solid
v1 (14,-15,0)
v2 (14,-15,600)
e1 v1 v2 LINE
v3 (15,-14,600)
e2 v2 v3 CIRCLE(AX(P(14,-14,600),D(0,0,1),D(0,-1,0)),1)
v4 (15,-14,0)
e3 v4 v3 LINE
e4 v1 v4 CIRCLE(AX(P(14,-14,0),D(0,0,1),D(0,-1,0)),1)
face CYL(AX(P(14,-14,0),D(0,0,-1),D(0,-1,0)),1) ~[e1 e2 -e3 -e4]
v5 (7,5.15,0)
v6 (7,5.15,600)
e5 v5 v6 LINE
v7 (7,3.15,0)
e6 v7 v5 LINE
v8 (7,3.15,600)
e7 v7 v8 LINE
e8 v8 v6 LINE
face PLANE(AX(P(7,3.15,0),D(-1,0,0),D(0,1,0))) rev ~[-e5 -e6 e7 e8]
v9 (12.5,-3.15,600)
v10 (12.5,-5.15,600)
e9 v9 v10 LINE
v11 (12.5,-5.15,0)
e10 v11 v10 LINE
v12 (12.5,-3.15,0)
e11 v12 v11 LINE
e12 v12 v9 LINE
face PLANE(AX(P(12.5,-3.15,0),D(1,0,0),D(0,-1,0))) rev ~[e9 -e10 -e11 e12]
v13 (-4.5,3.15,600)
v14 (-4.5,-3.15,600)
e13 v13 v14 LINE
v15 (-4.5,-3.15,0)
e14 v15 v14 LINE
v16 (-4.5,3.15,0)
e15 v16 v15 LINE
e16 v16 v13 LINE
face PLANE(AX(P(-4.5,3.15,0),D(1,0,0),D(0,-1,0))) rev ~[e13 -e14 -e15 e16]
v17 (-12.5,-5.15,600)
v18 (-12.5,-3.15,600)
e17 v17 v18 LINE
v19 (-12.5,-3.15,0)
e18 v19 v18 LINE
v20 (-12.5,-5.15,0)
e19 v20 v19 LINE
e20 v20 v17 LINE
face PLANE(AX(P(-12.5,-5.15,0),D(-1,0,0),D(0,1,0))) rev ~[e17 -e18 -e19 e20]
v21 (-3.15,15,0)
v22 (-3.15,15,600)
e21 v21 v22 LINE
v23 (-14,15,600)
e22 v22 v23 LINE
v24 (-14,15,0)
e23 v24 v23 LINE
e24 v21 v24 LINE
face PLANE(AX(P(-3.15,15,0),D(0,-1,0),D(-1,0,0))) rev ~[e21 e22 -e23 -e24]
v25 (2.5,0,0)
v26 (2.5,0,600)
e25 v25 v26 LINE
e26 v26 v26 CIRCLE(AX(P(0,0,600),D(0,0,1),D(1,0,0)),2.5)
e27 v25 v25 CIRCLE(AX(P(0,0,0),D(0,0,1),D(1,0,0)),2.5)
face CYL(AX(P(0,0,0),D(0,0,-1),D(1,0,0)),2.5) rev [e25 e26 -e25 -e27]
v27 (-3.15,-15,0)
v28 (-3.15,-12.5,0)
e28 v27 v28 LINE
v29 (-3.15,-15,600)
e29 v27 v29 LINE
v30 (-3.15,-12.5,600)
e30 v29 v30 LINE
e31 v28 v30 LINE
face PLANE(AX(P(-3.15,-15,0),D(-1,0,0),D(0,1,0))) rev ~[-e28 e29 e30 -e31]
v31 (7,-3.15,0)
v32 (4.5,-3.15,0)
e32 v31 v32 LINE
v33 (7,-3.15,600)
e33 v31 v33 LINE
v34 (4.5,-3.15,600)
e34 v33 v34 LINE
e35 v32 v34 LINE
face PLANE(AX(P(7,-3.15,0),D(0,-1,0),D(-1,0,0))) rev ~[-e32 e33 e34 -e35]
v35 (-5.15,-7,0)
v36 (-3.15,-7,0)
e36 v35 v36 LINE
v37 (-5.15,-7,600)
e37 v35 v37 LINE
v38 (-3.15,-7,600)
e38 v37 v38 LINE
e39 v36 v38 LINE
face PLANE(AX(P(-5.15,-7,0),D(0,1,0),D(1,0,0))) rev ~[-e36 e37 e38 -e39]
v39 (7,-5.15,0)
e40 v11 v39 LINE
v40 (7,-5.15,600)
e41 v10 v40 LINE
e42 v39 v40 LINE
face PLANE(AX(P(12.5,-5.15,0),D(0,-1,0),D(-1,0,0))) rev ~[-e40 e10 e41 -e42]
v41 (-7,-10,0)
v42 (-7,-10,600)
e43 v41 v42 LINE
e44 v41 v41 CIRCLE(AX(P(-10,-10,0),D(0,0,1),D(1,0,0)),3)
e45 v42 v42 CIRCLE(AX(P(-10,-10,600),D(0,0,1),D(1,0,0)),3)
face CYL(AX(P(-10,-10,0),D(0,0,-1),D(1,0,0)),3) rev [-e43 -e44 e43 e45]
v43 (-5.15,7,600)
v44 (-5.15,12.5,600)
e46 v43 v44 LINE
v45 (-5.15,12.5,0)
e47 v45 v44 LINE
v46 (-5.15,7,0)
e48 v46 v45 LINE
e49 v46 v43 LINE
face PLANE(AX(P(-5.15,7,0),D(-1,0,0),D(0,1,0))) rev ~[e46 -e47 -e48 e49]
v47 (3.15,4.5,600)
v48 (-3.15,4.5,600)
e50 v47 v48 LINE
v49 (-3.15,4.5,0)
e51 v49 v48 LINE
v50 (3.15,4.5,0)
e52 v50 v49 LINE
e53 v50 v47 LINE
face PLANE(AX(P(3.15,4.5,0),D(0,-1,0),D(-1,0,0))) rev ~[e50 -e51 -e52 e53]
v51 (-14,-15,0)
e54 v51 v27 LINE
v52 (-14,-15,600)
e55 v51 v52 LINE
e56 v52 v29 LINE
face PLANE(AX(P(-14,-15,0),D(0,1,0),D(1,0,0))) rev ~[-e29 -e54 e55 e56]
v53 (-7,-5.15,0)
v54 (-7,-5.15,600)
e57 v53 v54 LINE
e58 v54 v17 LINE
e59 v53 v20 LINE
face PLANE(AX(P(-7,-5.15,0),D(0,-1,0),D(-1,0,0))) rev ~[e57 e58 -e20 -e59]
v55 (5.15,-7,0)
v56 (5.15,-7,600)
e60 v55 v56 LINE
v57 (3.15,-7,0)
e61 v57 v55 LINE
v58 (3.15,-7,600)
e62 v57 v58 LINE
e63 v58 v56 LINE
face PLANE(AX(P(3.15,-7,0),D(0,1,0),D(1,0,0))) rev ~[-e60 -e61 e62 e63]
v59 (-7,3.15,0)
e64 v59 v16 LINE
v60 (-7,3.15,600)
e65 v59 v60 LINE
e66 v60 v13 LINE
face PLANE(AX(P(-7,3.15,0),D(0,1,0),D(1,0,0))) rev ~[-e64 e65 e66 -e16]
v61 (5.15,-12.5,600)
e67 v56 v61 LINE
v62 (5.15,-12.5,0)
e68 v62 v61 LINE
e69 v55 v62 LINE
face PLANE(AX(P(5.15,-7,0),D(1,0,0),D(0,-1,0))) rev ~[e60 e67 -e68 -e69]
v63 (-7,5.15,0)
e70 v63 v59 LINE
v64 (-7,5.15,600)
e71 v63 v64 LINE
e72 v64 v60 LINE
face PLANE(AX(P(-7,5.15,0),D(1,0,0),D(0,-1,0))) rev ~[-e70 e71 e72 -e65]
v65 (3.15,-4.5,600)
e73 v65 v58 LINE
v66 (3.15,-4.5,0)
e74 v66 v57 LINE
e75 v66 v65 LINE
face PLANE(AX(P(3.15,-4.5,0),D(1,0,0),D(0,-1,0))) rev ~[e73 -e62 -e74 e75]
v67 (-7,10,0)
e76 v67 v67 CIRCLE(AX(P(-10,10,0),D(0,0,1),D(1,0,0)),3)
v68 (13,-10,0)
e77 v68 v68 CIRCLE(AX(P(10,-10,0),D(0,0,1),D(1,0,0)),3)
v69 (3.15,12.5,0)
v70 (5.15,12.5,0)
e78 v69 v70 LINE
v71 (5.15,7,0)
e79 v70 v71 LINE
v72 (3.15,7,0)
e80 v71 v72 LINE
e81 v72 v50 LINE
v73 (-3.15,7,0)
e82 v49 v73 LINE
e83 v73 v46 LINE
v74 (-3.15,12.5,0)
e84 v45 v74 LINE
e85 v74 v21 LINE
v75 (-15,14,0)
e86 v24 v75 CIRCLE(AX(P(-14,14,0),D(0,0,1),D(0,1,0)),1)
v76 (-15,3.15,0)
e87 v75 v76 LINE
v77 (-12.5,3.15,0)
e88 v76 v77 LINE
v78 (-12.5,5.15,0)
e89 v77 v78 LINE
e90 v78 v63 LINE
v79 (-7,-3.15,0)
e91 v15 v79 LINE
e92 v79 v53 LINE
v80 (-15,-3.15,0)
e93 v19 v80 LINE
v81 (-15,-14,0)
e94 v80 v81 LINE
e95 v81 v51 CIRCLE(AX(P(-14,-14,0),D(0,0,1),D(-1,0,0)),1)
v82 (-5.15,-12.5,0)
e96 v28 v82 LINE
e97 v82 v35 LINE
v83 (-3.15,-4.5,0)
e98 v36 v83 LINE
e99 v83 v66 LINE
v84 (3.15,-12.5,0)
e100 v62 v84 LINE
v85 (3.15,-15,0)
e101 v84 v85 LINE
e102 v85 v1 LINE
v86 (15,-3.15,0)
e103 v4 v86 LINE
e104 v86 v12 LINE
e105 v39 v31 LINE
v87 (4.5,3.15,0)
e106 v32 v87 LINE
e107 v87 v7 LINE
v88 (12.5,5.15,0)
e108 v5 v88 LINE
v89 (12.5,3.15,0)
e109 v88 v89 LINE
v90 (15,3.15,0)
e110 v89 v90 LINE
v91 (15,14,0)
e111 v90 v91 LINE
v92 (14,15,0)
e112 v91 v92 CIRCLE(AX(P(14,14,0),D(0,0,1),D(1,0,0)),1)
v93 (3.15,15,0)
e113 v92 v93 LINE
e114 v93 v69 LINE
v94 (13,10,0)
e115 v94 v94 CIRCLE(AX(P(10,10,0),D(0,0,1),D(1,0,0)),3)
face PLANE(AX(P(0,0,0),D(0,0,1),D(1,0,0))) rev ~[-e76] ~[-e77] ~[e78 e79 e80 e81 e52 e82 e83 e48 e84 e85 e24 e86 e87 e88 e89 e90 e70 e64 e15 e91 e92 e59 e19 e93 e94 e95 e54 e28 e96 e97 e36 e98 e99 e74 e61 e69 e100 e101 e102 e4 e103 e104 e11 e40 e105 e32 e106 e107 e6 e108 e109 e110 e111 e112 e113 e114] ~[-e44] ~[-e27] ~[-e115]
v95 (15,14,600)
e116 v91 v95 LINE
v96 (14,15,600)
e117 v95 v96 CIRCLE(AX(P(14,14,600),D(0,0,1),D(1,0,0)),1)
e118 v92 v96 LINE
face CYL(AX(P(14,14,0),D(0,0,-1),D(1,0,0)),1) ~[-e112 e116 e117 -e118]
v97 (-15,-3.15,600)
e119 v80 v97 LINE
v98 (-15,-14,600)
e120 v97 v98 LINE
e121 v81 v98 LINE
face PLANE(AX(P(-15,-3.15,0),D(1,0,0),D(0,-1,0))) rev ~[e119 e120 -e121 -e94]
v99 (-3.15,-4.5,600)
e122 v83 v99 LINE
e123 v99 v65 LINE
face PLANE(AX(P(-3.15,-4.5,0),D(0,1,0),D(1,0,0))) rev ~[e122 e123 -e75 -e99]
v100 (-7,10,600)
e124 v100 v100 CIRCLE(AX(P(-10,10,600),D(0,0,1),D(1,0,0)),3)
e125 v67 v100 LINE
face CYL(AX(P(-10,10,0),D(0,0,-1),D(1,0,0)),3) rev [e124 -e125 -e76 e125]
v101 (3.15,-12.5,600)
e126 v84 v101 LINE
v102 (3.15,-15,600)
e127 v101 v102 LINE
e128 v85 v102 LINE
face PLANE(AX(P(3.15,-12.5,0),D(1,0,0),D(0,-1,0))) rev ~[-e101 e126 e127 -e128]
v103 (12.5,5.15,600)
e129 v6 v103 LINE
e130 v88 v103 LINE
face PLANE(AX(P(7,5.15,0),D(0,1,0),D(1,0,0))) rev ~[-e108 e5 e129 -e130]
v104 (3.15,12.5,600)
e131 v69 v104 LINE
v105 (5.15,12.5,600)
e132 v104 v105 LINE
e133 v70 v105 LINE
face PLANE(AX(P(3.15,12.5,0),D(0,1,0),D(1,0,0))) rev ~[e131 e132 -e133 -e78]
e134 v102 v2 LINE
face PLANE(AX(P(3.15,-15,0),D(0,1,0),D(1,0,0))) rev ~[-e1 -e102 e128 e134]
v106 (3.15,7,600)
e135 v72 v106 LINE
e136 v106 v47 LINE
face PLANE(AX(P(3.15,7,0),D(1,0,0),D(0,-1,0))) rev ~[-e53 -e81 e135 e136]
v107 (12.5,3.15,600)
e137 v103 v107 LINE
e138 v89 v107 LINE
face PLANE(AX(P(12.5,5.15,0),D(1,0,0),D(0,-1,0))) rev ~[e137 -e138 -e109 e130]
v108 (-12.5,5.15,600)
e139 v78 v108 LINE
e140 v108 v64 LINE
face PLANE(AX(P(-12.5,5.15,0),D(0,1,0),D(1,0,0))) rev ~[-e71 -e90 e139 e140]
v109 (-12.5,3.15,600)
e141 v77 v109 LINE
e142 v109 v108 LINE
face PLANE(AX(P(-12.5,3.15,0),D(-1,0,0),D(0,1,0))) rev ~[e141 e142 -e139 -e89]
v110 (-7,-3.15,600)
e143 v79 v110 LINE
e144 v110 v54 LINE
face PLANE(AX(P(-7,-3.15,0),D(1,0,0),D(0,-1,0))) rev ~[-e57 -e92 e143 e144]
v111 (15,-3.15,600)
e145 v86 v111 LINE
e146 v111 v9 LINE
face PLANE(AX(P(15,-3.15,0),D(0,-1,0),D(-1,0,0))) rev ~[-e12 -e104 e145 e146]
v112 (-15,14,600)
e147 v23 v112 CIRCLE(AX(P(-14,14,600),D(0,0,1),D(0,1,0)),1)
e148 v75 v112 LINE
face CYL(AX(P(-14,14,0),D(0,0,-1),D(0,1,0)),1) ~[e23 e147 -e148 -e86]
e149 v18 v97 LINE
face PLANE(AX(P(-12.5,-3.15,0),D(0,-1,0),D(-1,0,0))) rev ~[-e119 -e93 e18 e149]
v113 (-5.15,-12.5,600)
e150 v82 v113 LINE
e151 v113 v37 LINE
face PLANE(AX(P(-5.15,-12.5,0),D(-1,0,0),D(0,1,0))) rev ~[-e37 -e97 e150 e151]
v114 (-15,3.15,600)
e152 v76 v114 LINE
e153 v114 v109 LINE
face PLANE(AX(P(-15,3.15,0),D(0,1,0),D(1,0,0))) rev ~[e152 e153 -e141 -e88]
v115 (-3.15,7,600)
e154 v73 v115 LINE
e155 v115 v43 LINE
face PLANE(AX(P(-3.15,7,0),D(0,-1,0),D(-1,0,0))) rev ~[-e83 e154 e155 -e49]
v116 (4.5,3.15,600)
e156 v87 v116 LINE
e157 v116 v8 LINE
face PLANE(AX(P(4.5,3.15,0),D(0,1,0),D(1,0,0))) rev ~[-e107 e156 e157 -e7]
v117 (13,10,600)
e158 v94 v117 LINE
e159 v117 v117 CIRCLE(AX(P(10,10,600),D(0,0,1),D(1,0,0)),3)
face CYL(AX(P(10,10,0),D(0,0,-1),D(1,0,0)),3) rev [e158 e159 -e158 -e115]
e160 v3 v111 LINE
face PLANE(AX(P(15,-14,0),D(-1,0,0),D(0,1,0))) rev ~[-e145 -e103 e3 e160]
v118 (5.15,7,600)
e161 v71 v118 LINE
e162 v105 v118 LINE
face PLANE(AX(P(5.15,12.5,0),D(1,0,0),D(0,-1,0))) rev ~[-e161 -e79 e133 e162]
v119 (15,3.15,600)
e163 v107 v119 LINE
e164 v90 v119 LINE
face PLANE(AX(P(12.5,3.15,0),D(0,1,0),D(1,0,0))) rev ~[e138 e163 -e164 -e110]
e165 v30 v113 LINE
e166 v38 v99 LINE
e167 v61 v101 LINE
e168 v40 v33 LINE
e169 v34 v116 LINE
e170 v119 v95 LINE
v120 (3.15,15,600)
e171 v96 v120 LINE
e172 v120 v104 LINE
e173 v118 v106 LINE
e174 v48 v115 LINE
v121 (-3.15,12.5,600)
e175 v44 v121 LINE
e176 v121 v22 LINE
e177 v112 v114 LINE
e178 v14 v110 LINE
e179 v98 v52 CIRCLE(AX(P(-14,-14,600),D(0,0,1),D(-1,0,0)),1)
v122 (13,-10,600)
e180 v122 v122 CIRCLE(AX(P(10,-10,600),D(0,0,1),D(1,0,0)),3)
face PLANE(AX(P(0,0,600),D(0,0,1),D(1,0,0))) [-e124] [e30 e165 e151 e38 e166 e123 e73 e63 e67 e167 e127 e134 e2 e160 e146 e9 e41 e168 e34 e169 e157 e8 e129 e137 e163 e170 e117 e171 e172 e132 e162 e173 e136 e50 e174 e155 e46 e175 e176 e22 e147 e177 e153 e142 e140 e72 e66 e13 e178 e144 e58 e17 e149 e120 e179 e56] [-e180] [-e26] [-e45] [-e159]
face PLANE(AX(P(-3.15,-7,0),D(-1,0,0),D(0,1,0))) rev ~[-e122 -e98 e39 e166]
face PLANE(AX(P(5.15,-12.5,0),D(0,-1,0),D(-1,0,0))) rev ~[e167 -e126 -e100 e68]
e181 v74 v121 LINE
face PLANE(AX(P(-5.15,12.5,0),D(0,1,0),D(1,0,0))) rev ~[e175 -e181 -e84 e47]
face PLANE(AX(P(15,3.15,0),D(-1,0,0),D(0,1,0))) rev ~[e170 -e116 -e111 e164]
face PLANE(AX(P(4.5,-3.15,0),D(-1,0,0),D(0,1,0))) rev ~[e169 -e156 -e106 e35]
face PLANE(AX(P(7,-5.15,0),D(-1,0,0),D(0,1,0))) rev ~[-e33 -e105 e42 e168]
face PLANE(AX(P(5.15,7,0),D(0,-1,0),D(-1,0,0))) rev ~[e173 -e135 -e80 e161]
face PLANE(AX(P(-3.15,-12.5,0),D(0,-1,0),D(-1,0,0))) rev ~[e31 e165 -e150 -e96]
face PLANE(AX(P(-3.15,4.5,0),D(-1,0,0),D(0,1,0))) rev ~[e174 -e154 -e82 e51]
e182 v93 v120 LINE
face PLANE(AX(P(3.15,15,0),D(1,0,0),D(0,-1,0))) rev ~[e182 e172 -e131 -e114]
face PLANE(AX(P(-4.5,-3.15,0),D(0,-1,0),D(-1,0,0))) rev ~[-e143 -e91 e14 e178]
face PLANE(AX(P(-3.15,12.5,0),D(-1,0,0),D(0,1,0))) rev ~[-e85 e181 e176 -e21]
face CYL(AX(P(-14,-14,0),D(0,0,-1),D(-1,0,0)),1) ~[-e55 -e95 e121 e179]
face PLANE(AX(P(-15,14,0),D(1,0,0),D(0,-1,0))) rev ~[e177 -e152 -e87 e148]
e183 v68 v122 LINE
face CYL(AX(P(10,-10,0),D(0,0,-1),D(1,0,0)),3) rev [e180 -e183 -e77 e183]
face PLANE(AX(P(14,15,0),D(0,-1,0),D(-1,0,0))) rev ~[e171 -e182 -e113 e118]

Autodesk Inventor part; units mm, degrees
ref_plane "YZ Plane" through (0, 0, 0) normal (1, 0, 0) x (0, 1, 0)
ref_plane "XZ Plane" through (0, 0, 0) normal (0, 1, 0) x (-1, 0, 0)
ref_plane "XY Plane" through (0, 0, 0) normal (0, 0, 1) x (1, 0, 0)
feature "ソリッド1" [suppressed]
sketch "スケッチ2" plane through (0, 0, 0) normal (0, 0, 1) x (1, 0, 0)
  line L0 (-12.5, 5.15) -> (-7, 5.15) projected
  line L1 (-7, 5.15) -> (-7, 3.15) projected
  line L2 (-7, 3.15) -> (-4.5, 3.15) projected
  line L3 (-4.5, 3.15) -> (-4.5, -3.15) projected
  line L4 (-4.5, -3.15) -> (-7, -3.15) projected
  line L5 (-7, -3.15) -> (-7, -5.15) projected
  line L6 (-7, -5.15) -> (-12.5, -5.15) projected
  line L7 (-12.5, -5.15) -> (-12.5, -3.15) projected
  line L8 (-12.5, -3.15) -> (-15, -3.15) projected
  line L9 (-15, -3.15) -> (-15, -14) projected
  arc A0 (-15, -14) -> (-14, -15) centre (-14, -14) ccw projected
  line L10 (-14, -15) -> (-3.15, -15) projected
  line L11 (-3.15, -15) -> (-3.15, -12.5) projected
  line L12 (-3.15, -12.5) -> (-5.15, -12.5) projected
  line L13 (-5.15, -12.5) -> (-5.15, -7) projected
  line L14 (-5.15, -7) -> (-3.15, -7) projected
  line L15 (-3.15, -7) -> (-3.15, -4.5) projected
  line L16 (-3.15, -4.5) -> (3.15, -4.5) projected
  line L17 (3.15, -4.5) -> (3.15, -7) projected
  line L18 (3.15, -7) -> (5.15, -7) projected
  line L19 (5.15, -7) -> (5.15, -12.5) projected
  line L20 (5.15, -12.5) -> (3.15, -12.5) projected
  line L21 (3.15, -12.5) -> (3.15, -15) projected
  line L22 (3.15, -15) -> (14, -15) projected
  arc A1 (14, -15) -> (15, -14) centre (14, -14) ccw projected
  line L23 (15, -14) -> (15, -3.15) projected
  line L24 (15, -3.15) -> (12.5, -3.15) projected
  line L25 (12.5, -3.15) -> (12.5, -5.15) projected
  line L26 (12.5, -5.15) -> (7, -5.15) projected
  line L27 (7, -5.15) -> (7, -3.15) projected
  line L28 (7, -3.15) -> (4.5, -3.15) projected
  line L29 (4.5, -3.15) -> (4.5, 3.15) projected
  line L30 (4.5, 3.15) -> (7, 3.15) projected
  line L31 (7, 3.15) -> (7, 5.15) projected
  line L32 (7, 5.15) -> (12.5, 5.15) projected
  line L33 (12.5, 5.15) -> (12.5, 3.15) projected
  line L34 (12.5, 3.15) -> (15, 3.15) projected
  line L35 (15, 3.15) -> (15, 14) projected
  arc A2 (15, 14) -> (14, 15) centre (14, 14) ccw projected
  line L36 (14, 15) -> (3.15, 15) projected
  line L37 (3.15, 15) -> (3.15, 12.5) projected
  line L38 (3.15, 12.5) -> (5.15, 12.5) projected
  line L39 (5.15, 12.5) -> (5.15, 7) projected
  line L40 (5.15, 7) -> (3.15, 7) projected
  line L41 (3.15, 7) -> (3.15, 4.5) projected
  line L42 (3.15, 4.5) -> (-3.15, 4.5) projected
  line L43 (-3.15, 4.5) -> (-3.15, 7) projected
  line L44 (-3.15, 7) -> (-5.15, 7) projected
  line L45 (-5.15, 7) -> (-5.15, 12.5) projected
  line L46 (-5.15, 12.5) -> (-3.15, 12.5) projected
  line L47 (-3.15, 12.5) -> (-3.15, 15) projected
  line L48 (-3.15, 15) -> (-14, 15) projected
  arc A3 (-14, 15) -> (-15, 14) centre (-14, 14) ccw projected
  line L49 (-15, 14) -> (-15, 3.15) projected
  line L50 (-15, 3.15) -> (-12.5, 3.15) projected
  line L51 (-12.5, 3.15) -> (-12.5, 5.15) projected
  circle A4 centre (10, 10) radius 3 projected
  circle A5 centre (-10, 10) radius 3 projected
  circle A6 centre (-10, -10) radius 3 projected
  circle A7 centre (10, -10) radius 3 projected
  circle A8 centre (0, 0) radius 2.5 projected
extrude "押し出し1" add sketch "スケッチ2" along normal blind 600
equation "\"d1\" = L"
equation "\"L\" = 600"
properties part number "AFS-3030-200"
